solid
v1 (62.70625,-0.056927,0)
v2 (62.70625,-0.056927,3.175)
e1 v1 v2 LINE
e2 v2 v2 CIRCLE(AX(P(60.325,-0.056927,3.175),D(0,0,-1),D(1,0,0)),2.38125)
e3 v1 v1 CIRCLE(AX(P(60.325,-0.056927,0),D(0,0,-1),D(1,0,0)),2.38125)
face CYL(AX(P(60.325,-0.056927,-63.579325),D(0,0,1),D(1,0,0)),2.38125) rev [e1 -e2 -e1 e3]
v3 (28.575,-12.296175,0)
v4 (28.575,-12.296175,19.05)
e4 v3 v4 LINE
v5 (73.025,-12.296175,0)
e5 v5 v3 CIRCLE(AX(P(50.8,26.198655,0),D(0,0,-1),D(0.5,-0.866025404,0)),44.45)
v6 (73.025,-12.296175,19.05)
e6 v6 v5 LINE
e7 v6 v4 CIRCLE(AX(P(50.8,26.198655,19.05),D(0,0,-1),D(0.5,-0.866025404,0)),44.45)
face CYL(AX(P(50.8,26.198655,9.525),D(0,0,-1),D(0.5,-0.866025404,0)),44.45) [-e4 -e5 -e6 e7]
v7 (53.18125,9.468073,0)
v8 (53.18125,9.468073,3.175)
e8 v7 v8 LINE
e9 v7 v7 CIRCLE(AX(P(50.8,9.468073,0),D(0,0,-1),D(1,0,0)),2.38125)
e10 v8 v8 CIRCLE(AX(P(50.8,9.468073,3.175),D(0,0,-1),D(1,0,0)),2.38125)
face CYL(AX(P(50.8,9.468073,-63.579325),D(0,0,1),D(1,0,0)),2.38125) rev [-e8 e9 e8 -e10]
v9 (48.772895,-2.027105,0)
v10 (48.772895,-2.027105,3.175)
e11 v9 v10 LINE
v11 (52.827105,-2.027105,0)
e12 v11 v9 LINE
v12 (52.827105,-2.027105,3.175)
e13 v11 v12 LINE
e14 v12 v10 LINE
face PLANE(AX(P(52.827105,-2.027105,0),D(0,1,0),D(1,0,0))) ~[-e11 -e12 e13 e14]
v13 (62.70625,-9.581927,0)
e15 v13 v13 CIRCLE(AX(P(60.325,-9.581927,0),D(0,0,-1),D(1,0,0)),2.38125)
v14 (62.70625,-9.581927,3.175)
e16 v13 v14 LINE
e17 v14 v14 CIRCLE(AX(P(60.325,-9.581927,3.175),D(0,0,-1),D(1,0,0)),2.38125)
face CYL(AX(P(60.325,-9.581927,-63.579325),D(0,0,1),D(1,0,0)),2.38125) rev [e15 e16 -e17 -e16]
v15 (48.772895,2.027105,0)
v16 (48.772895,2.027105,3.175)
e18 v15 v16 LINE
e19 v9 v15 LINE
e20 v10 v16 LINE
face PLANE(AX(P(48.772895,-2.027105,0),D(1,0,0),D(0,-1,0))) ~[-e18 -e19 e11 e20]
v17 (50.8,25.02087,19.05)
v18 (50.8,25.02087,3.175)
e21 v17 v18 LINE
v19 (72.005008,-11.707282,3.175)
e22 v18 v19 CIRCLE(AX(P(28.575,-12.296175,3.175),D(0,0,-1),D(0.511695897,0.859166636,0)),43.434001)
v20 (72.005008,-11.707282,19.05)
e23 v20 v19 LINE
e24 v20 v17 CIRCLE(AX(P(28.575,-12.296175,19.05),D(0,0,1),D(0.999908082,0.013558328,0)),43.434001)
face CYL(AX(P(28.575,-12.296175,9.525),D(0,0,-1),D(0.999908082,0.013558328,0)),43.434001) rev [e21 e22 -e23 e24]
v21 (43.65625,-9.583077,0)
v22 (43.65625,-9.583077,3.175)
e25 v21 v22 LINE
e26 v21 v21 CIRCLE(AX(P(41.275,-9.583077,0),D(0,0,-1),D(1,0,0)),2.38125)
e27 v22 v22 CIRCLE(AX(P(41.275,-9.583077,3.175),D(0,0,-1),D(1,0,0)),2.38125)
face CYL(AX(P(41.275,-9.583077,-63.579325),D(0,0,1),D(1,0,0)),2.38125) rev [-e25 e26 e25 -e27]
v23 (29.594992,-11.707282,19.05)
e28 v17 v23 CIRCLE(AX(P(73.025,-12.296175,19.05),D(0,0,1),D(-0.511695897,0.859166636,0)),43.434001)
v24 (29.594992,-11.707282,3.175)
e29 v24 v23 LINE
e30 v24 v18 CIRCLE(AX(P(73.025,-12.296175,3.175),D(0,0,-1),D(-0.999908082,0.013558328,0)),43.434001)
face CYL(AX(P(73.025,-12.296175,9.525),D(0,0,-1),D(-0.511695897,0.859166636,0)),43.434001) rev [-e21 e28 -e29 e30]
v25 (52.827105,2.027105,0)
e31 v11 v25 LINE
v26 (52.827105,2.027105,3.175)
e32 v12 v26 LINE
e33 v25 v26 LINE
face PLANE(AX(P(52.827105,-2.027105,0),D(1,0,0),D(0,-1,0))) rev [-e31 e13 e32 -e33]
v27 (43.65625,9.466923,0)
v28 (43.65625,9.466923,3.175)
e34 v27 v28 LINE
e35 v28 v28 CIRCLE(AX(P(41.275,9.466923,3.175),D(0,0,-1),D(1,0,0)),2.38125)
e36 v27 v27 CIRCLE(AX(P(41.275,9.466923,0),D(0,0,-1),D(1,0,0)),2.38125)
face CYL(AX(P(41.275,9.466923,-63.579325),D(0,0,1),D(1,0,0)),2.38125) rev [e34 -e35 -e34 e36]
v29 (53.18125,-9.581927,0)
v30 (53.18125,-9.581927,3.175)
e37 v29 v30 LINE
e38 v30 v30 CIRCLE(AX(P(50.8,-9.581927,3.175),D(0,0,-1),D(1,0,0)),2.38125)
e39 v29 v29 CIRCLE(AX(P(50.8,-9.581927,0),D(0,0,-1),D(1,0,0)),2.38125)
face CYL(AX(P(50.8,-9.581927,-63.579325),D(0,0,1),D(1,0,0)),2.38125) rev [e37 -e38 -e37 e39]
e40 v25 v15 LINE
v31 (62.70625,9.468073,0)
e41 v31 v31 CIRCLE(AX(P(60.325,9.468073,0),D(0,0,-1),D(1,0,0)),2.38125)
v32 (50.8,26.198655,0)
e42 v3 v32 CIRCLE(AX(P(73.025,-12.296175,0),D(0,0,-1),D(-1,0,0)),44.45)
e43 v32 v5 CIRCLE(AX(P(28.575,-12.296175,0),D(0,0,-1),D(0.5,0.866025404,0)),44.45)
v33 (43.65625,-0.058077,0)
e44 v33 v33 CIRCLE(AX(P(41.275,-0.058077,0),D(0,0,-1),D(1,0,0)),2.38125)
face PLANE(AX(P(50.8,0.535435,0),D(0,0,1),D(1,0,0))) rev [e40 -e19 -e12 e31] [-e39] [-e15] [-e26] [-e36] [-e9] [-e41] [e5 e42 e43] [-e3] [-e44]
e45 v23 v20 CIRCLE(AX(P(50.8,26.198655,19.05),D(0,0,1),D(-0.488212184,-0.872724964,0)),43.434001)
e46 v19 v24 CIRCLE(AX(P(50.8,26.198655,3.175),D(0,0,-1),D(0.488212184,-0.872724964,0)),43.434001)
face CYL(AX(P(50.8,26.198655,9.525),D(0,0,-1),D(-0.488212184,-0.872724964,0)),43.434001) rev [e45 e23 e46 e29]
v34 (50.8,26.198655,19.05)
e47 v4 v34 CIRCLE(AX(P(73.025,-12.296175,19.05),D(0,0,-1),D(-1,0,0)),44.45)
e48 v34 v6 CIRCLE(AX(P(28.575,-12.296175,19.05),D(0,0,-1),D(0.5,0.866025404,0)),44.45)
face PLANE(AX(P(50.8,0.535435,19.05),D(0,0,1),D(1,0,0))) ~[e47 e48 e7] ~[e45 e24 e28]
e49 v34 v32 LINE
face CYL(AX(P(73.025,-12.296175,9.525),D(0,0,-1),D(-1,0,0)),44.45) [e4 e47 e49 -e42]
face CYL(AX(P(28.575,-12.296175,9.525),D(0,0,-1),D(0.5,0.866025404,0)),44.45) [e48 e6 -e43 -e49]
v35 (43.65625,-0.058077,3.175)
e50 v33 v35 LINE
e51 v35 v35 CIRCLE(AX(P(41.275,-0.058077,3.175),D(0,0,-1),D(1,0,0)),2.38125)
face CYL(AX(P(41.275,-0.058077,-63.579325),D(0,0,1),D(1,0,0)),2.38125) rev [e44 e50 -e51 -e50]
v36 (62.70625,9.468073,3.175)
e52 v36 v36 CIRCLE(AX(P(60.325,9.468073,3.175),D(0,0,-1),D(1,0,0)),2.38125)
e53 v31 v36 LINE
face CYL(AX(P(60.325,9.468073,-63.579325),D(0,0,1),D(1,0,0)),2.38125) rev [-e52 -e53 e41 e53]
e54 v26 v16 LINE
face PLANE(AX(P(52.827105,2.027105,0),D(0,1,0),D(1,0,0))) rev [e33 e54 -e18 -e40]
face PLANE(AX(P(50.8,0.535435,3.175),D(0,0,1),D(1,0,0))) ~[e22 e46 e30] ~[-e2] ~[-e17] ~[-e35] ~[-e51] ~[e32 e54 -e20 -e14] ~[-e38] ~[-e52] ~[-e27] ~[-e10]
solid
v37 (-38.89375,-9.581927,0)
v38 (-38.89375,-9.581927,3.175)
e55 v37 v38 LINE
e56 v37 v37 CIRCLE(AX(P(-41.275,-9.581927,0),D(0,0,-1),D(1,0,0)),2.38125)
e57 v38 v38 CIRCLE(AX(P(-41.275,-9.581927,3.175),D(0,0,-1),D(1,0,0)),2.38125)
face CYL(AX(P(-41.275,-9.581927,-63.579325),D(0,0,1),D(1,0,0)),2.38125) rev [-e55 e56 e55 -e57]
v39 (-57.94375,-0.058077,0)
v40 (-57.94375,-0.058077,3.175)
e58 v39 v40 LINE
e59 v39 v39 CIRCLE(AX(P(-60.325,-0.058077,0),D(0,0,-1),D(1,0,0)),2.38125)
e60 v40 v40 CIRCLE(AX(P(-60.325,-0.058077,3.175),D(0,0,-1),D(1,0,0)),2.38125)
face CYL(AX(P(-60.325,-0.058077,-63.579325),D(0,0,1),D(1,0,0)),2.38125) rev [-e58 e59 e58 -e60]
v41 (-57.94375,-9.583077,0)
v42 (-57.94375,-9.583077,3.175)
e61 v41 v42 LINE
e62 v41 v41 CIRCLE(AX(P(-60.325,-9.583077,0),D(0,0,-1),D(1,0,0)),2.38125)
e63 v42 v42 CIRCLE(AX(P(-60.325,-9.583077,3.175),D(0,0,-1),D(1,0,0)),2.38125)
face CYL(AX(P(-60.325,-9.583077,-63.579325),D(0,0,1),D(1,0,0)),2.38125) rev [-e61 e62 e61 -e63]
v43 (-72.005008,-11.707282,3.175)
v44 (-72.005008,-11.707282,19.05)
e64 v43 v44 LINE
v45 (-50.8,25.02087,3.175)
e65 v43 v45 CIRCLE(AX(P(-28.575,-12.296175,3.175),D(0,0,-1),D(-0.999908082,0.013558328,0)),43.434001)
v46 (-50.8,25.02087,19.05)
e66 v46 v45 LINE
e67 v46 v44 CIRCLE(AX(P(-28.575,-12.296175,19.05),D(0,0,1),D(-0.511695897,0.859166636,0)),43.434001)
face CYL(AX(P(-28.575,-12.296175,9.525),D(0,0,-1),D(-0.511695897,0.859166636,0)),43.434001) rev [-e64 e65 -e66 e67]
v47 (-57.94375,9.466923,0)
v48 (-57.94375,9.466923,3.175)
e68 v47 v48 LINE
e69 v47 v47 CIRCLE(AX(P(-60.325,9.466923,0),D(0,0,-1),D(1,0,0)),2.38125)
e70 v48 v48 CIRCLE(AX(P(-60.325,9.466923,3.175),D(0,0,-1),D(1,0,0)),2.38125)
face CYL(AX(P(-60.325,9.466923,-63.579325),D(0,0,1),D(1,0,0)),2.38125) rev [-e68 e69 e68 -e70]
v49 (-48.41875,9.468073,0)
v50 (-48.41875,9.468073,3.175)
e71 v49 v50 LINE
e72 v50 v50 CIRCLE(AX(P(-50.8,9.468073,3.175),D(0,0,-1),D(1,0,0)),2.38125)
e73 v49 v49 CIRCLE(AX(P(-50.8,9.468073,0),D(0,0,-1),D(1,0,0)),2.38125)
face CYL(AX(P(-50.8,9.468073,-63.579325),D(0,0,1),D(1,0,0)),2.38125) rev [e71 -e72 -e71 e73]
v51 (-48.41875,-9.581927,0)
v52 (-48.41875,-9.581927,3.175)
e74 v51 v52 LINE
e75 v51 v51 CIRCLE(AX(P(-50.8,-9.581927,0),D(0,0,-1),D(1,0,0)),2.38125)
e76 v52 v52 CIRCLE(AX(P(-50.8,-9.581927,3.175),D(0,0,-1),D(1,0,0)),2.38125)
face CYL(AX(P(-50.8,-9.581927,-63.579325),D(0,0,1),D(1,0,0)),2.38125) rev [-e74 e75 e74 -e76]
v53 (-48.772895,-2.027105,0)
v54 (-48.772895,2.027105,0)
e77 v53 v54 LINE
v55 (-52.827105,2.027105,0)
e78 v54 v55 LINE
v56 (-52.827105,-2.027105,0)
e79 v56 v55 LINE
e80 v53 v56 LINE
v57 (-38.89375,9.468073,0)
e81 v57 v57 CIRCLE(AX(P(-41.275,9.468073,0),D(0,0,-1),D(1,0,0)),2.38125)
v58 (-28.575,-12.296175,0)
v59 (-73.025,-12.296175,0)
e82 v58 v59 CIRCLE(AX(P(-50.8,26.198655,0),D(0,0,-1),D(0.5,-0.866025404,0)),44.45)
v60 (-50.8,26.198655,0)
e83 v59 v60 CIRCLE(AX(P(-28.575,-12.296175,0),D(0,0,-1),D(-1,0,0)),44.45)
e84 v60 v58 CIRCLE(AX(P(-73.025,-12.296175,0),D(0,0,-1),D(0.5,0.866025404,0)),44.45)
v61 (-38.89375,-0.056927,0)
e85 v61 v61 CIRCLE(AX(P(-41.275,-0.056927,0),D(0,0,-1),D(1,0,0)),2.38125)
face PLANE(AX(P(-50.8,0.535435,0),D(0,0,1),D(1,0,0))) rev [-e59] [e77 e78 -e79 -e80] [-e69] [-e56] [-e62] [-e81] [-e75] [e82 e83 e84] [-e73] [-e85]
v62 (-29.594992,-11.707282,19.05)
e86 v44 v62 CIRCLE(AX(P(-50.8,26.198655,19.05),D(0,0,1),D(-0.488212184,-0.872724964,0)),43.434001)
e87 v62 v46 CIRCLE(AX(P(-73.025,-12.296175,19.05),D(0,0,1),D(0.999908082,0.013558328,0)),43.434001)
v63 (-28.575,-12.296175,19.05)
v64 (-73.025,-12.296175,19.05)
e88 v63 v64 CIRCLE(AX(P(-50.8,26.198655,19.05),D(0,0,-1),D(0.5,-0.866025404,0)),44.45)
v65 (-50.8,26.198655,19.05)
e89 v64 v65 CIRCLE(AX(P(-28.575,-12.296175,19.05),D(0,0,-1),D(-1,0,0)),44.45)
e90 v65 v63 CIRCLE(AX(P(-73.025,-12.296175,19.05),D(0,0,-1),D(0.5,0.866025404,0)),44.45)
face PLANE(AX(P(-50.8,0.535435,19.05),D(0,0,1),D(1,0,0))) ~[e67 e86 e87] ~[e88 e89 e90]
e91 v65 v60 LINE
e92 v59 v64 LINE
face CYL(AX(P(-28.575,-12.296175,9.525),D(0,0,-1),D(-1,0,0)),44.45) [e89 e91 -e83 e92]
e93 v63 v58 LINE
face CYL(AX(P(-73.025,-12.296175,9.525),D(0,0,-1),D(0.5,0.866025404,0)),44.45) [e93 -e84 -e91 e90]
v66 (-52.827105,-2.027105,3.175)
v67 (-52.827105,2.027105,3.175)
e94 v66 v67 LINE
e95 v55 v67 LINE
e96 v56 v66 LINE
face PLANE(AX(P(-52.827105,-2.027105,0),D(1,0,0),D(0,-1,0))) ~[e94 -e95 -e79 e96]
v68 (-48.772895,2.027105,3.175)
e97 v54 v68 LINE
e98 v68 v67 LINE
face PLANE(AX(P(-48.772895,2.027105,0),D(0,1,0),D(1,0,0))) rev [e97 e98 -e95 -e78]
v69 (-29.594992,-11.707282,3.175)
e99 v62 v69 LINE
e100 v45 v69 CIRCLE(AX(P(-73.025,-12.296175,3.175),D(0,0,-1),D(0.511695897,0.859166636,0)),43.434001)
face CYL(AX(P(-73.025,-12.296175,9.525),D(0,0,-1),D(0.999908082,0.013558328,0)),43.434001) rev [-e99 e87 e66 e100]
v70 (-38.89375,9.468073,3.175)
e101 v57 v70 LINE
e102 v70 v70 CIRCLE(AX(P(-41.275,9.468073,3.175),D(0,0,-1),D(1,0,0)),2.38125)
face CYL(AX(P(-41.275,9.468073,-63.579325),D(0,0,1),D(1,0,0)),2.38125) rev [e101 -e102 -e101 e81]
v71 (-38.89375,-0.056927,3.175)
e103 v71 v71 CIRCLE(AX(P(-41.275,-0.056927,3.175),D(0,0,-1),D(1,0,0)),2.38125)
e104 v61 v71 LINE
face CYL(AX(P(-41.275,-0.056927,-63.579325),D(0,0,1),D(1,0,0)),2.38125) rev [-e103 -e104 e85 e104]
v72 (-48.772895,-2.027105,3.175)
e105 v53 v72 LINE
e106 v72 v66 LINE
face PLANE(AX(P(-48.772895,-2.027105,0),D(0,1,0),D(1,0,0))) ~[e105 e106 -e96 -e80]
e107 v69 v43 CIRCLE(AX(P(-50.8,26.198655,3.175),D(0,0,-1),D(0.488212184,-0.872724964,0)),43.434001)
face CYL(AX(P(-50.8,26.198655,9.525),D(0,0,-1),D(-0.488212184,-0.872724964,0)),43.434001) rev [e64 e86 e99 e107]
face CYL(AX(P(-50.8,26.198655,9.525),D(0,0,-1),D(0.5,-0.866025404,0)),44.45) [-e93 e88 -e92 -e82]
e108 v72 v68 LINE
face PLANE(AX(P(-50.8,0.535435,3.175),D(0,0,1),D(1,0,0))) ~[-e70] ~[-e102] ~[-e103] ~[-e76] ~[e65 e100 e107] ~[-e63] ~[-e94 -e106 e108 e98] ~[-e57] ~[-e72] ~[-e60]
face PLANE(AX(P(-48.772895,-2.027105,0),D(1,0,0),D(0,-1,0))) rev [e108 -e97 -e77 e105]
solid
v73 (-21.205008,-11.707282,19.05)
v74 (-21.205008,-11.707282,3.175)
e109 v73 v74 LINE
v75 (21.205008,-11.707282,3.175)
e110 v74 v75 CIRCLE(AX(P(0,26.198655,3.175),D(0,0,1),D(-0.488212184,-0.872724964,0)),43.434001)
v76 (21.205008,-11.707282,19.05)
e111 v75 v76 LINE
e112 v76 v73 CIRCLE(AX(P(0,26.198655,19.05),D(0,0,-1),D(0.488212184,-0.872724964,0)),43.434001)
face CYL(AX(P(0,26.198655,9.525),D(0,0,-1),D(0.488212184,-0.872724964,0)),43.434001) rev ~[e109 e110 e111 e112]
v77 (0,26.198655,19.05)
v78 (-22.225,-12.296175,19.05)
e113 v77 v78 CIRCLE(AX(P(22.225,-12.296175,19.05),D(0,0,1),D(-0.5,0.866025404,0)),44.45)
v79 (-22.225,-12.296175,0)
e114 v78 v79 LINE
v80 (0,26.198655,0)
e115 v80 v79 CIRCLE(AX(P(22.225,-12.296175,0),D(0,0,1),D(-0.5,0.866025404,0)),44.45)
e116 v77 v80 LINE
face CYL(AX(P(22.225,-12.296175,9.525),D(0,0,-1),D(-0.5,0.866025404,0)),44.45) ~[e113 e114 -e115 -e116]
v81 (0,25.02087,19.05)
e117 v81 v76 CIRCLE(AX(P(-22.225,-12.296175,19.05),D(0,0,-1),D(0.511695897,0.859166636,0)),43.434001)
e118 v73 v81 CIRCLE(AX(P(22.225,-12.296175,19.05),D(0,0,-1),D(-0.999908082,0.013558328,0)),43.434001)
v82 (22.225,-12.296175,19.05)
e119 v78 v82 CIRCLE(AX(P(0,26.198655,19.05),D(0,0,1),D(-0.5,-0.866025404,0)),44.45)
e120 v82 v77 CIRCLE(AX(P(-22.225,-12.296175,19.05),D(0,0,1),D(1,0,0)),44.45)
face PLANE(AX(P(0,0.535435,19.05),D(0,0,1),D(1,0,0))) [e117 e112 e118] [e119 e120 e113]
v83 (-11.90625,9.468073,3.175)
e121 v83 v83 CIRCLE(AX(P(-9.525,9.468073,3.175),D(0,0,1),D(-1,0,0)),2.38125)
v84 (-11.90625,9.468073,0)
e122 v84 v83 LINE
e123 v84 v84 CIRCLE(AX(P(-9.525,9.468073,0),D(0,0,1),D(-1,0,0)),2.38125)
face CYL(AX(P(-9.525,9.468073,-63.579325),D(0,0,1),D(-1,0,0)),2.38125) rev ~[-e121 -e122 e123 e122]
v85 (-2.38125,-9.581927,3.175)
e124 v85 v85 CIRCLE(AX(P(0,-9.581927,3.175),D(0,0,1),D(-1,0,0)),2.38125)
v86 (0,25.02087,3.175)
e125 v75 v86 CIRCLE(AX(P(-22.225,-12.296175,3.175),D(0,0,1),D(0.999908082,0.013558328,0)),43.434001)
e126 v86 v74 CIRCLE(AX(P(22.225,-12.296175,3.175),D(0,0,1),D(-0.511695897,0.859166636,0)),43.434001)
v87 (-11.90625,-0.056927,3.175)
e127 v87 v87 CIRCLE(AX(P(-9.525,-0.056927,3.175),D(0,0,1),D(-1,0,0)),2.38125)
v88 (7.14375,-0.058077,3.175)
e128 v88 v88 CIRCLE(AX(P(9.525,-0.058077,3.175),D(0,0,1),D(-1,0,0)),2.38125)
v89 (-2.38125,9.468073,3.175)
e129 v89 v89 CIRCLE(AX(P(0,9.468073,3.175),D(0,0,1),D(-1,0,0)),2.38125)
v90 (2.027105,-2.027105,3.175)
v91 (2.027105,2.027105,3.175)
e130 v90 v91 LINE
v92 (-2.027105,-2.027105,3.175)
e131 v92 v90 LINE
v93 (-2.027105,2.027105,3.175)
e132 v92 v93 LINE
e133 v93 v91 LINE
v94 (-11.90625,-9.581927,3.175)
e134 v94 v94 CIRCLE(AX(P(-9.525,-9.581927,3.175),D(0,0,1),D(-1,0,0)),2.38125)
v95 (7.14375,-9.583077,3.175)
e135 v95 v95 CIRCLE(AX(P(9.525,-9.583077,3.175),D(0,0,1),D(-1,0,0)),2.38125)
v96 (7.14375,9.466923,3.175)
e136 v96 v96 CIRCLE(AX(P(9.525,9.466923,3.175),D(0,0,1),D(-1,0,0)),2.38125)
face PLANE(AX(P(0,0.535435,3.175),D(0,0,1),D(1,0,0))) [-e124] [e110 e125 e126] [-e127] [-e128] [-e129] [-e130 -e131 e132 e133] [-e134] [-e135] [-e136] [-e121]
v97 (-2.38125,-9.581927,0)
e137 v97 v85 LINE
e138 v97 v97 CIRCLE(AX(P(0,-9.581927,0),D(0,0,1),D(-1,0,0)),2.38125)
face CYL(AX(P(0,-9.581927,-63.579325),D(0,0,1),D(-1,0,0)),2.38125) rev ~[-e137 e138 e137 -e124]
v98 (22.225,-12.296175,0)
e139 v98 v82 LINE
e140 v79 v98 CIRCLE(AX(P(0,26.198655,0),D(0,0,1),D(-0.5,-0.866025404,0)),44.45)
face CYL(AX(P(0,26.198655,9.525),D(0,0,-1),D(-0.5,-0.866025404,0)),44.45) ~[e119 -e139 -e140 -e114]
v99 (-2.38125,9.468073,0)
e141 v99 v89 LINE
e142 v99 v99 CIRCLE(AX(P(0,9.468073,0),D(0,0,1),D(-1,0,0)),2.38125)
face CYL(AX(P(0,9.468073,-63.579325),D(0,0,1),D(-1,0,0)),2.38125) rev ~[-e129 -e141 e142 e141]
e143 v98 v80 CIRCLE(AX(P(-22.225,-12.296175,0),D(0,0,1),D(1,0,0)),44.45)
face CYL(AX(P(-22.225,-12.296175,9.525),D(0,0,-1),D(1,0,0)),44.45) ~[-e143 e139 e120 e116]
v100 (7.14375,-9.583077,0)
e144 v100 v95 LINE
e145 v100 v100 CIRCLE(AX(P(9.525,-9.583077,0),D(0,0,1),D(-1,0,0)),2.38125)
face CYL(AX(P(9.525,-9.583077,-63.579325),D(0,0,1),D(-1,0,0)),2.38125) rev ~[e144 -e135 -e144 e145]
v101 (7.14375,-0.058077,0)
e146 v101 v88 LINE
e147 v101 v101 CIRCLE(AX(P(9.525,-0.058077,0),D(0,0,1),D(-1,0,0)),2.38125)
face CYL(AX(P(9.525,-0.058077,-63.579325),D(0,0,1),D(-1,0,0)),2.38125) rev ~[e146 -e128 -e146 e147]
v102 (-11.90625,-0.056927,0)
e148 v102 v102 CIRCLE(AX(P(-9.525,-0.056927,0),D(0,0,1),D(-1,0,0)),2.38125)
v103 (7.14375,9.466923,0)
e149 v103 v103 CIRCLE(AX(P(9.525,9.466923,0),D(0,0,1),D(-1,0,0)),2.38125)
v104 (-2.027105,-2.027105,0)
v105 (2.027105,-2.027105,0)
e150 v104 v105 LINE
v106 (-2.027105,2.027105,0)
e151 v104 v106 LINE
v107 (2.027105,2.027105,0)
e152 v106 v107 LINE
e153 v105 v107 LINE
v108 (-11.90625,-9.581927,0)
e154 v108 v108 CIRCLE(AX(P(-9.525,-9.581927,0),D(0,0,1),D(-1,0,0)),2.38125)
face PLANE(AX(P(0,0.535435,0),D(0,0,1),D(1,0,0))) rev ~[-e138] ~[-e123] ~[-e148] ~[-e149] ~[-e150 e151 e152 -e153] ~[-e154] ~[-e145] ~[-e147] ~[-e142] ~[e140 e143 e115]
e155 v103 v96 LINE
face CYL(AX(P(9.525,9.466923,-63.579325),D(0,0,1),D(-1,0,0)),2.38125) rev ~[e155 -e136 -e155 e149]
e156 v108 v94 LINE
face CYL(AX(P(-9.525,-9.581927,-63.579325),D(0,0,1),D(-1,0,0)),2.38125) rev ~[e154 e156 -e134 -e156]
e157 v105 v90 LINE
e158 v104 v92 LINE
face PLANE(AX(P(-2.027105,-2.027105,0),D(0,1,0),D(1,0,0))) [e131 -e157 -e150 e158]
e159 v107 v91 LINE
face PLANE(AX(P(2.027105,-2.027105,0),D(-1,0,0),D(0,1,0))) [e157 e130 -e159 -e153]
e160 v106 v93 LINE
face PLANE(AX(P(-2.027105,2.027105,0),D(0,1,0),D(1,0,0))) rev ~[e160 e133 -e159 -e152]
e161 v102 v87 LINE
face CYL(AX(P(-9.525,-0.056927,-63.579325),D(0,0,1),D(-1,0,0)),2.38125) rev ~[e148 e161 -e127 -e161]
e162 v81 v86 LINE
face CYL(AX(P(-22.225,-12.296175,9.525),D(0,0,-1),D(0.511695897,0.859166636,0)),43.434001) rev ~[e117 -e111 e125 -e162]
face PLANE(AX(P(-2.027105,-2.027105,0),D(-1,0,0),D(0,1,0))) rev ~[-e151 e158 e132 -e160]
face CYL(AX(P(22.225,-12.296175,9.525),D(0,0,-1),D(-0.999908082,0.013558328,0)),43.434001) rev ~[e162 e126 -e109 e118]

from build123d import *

# Parameters (mm, degrees)
F2_DEPTH = 9.525
F0_W     = 4.054210718
F0_H     = 4.054210718
F3_DEPTH = 3.175
F4_D     = 4.7625
F5_DEPTH = 9.525


with BuildPart() as f2:
    # F0 (on Top) → F2 (new body)
    with BuildSketch(Plane.XY):
        with BuildLine():
            ThreePointArc((-22.225, -12.2961745775), (0, -18.2513453793), (22.225, -12.2961745775))
            ThreePointArc((22.225, -12.2961745775), (16.2698291982, 9.9288254225), (0, 26.1986546207))
            ThreePointArc((0, 26.1986546207), (-16.2698291982, 9.9288254225), (-22.225, -12.2961745775))
        make_face()
        with BuildLine():
            ThreePointArc((21.2050083772, -11.7072821395), (0, -17.2353461385), (-21.2050083772, -11.7072821395))
            ThreePointArc((-21.2050083772, -11.7072821395), (-15.3899480454, 9.4208258021), (0, 25.0208697447))
            ThreePointArc((0, 25.0208697447), (15.3899480454, 9.4208258021), (21.2050083772, -11.7072821395))
        make_face(mode=Mode.SUBTRACT)
    extrude(amount=F2_DEPTH)

    # F0 (on Top) → F3 (join)
    with BuildSketch(Plane.XY):
        with BuildLine():
            ThreePointArc((0, 25.0208697447), (-15.3899480454, 9.4208258021), (-21.2050083772, -11.7072821395))
            ThreePointArc((-21.2050083772, -11.7072821395), (0, -17.2353461385), (21.2050083772, -11.7072821395))
            ThreePointArc((21.2050083772, -11.7072821395), (15.3899480454, 9.4208258021), (0, 25.0208697447))
        make_face()
        Rectangle(F0_W, F0_H, mode=Mode.SUBTRACT)
    extrude(amount=F3_DEPTH)

    # F4 (through all)
    with Locations(Plane(origin=(0, 0, 0), x_dir=(1, 0, 0), z_dir=(0, 0, -1))):
        with Locations((9.525, 0.0580770136), (9.525, 9.5830770136), (0, 9.5819265756), (-9.525, 9.5819265756), (-9.525, 0.0569265756), (-9.525, -9.4680734244), (0, -9.4680734244), (9.525, -9.4669229864)):
            Hole(F4_D / 2)

    # F5 (add): a face of the model
    f5_faces = [f2.faces().sort_by_distance(p)[0] for p in [
        (0, -17.6227274508, 9.525),
    ]]
    extrude(f5_faces, amount=F5_DEPTH)


with BuildPart() as f7_1:
    # F7: instance of F2
    add(f2.part.mirror(Plane.YZ.offset(25.4)))


with BuildPart() as f9_1:
    # F9: instance of F2
    add(f2.part.mirror(Plane.YZ.offset(-25.4)))


solid = Compound([f2.part, f7_1.part, f9_1.part])
